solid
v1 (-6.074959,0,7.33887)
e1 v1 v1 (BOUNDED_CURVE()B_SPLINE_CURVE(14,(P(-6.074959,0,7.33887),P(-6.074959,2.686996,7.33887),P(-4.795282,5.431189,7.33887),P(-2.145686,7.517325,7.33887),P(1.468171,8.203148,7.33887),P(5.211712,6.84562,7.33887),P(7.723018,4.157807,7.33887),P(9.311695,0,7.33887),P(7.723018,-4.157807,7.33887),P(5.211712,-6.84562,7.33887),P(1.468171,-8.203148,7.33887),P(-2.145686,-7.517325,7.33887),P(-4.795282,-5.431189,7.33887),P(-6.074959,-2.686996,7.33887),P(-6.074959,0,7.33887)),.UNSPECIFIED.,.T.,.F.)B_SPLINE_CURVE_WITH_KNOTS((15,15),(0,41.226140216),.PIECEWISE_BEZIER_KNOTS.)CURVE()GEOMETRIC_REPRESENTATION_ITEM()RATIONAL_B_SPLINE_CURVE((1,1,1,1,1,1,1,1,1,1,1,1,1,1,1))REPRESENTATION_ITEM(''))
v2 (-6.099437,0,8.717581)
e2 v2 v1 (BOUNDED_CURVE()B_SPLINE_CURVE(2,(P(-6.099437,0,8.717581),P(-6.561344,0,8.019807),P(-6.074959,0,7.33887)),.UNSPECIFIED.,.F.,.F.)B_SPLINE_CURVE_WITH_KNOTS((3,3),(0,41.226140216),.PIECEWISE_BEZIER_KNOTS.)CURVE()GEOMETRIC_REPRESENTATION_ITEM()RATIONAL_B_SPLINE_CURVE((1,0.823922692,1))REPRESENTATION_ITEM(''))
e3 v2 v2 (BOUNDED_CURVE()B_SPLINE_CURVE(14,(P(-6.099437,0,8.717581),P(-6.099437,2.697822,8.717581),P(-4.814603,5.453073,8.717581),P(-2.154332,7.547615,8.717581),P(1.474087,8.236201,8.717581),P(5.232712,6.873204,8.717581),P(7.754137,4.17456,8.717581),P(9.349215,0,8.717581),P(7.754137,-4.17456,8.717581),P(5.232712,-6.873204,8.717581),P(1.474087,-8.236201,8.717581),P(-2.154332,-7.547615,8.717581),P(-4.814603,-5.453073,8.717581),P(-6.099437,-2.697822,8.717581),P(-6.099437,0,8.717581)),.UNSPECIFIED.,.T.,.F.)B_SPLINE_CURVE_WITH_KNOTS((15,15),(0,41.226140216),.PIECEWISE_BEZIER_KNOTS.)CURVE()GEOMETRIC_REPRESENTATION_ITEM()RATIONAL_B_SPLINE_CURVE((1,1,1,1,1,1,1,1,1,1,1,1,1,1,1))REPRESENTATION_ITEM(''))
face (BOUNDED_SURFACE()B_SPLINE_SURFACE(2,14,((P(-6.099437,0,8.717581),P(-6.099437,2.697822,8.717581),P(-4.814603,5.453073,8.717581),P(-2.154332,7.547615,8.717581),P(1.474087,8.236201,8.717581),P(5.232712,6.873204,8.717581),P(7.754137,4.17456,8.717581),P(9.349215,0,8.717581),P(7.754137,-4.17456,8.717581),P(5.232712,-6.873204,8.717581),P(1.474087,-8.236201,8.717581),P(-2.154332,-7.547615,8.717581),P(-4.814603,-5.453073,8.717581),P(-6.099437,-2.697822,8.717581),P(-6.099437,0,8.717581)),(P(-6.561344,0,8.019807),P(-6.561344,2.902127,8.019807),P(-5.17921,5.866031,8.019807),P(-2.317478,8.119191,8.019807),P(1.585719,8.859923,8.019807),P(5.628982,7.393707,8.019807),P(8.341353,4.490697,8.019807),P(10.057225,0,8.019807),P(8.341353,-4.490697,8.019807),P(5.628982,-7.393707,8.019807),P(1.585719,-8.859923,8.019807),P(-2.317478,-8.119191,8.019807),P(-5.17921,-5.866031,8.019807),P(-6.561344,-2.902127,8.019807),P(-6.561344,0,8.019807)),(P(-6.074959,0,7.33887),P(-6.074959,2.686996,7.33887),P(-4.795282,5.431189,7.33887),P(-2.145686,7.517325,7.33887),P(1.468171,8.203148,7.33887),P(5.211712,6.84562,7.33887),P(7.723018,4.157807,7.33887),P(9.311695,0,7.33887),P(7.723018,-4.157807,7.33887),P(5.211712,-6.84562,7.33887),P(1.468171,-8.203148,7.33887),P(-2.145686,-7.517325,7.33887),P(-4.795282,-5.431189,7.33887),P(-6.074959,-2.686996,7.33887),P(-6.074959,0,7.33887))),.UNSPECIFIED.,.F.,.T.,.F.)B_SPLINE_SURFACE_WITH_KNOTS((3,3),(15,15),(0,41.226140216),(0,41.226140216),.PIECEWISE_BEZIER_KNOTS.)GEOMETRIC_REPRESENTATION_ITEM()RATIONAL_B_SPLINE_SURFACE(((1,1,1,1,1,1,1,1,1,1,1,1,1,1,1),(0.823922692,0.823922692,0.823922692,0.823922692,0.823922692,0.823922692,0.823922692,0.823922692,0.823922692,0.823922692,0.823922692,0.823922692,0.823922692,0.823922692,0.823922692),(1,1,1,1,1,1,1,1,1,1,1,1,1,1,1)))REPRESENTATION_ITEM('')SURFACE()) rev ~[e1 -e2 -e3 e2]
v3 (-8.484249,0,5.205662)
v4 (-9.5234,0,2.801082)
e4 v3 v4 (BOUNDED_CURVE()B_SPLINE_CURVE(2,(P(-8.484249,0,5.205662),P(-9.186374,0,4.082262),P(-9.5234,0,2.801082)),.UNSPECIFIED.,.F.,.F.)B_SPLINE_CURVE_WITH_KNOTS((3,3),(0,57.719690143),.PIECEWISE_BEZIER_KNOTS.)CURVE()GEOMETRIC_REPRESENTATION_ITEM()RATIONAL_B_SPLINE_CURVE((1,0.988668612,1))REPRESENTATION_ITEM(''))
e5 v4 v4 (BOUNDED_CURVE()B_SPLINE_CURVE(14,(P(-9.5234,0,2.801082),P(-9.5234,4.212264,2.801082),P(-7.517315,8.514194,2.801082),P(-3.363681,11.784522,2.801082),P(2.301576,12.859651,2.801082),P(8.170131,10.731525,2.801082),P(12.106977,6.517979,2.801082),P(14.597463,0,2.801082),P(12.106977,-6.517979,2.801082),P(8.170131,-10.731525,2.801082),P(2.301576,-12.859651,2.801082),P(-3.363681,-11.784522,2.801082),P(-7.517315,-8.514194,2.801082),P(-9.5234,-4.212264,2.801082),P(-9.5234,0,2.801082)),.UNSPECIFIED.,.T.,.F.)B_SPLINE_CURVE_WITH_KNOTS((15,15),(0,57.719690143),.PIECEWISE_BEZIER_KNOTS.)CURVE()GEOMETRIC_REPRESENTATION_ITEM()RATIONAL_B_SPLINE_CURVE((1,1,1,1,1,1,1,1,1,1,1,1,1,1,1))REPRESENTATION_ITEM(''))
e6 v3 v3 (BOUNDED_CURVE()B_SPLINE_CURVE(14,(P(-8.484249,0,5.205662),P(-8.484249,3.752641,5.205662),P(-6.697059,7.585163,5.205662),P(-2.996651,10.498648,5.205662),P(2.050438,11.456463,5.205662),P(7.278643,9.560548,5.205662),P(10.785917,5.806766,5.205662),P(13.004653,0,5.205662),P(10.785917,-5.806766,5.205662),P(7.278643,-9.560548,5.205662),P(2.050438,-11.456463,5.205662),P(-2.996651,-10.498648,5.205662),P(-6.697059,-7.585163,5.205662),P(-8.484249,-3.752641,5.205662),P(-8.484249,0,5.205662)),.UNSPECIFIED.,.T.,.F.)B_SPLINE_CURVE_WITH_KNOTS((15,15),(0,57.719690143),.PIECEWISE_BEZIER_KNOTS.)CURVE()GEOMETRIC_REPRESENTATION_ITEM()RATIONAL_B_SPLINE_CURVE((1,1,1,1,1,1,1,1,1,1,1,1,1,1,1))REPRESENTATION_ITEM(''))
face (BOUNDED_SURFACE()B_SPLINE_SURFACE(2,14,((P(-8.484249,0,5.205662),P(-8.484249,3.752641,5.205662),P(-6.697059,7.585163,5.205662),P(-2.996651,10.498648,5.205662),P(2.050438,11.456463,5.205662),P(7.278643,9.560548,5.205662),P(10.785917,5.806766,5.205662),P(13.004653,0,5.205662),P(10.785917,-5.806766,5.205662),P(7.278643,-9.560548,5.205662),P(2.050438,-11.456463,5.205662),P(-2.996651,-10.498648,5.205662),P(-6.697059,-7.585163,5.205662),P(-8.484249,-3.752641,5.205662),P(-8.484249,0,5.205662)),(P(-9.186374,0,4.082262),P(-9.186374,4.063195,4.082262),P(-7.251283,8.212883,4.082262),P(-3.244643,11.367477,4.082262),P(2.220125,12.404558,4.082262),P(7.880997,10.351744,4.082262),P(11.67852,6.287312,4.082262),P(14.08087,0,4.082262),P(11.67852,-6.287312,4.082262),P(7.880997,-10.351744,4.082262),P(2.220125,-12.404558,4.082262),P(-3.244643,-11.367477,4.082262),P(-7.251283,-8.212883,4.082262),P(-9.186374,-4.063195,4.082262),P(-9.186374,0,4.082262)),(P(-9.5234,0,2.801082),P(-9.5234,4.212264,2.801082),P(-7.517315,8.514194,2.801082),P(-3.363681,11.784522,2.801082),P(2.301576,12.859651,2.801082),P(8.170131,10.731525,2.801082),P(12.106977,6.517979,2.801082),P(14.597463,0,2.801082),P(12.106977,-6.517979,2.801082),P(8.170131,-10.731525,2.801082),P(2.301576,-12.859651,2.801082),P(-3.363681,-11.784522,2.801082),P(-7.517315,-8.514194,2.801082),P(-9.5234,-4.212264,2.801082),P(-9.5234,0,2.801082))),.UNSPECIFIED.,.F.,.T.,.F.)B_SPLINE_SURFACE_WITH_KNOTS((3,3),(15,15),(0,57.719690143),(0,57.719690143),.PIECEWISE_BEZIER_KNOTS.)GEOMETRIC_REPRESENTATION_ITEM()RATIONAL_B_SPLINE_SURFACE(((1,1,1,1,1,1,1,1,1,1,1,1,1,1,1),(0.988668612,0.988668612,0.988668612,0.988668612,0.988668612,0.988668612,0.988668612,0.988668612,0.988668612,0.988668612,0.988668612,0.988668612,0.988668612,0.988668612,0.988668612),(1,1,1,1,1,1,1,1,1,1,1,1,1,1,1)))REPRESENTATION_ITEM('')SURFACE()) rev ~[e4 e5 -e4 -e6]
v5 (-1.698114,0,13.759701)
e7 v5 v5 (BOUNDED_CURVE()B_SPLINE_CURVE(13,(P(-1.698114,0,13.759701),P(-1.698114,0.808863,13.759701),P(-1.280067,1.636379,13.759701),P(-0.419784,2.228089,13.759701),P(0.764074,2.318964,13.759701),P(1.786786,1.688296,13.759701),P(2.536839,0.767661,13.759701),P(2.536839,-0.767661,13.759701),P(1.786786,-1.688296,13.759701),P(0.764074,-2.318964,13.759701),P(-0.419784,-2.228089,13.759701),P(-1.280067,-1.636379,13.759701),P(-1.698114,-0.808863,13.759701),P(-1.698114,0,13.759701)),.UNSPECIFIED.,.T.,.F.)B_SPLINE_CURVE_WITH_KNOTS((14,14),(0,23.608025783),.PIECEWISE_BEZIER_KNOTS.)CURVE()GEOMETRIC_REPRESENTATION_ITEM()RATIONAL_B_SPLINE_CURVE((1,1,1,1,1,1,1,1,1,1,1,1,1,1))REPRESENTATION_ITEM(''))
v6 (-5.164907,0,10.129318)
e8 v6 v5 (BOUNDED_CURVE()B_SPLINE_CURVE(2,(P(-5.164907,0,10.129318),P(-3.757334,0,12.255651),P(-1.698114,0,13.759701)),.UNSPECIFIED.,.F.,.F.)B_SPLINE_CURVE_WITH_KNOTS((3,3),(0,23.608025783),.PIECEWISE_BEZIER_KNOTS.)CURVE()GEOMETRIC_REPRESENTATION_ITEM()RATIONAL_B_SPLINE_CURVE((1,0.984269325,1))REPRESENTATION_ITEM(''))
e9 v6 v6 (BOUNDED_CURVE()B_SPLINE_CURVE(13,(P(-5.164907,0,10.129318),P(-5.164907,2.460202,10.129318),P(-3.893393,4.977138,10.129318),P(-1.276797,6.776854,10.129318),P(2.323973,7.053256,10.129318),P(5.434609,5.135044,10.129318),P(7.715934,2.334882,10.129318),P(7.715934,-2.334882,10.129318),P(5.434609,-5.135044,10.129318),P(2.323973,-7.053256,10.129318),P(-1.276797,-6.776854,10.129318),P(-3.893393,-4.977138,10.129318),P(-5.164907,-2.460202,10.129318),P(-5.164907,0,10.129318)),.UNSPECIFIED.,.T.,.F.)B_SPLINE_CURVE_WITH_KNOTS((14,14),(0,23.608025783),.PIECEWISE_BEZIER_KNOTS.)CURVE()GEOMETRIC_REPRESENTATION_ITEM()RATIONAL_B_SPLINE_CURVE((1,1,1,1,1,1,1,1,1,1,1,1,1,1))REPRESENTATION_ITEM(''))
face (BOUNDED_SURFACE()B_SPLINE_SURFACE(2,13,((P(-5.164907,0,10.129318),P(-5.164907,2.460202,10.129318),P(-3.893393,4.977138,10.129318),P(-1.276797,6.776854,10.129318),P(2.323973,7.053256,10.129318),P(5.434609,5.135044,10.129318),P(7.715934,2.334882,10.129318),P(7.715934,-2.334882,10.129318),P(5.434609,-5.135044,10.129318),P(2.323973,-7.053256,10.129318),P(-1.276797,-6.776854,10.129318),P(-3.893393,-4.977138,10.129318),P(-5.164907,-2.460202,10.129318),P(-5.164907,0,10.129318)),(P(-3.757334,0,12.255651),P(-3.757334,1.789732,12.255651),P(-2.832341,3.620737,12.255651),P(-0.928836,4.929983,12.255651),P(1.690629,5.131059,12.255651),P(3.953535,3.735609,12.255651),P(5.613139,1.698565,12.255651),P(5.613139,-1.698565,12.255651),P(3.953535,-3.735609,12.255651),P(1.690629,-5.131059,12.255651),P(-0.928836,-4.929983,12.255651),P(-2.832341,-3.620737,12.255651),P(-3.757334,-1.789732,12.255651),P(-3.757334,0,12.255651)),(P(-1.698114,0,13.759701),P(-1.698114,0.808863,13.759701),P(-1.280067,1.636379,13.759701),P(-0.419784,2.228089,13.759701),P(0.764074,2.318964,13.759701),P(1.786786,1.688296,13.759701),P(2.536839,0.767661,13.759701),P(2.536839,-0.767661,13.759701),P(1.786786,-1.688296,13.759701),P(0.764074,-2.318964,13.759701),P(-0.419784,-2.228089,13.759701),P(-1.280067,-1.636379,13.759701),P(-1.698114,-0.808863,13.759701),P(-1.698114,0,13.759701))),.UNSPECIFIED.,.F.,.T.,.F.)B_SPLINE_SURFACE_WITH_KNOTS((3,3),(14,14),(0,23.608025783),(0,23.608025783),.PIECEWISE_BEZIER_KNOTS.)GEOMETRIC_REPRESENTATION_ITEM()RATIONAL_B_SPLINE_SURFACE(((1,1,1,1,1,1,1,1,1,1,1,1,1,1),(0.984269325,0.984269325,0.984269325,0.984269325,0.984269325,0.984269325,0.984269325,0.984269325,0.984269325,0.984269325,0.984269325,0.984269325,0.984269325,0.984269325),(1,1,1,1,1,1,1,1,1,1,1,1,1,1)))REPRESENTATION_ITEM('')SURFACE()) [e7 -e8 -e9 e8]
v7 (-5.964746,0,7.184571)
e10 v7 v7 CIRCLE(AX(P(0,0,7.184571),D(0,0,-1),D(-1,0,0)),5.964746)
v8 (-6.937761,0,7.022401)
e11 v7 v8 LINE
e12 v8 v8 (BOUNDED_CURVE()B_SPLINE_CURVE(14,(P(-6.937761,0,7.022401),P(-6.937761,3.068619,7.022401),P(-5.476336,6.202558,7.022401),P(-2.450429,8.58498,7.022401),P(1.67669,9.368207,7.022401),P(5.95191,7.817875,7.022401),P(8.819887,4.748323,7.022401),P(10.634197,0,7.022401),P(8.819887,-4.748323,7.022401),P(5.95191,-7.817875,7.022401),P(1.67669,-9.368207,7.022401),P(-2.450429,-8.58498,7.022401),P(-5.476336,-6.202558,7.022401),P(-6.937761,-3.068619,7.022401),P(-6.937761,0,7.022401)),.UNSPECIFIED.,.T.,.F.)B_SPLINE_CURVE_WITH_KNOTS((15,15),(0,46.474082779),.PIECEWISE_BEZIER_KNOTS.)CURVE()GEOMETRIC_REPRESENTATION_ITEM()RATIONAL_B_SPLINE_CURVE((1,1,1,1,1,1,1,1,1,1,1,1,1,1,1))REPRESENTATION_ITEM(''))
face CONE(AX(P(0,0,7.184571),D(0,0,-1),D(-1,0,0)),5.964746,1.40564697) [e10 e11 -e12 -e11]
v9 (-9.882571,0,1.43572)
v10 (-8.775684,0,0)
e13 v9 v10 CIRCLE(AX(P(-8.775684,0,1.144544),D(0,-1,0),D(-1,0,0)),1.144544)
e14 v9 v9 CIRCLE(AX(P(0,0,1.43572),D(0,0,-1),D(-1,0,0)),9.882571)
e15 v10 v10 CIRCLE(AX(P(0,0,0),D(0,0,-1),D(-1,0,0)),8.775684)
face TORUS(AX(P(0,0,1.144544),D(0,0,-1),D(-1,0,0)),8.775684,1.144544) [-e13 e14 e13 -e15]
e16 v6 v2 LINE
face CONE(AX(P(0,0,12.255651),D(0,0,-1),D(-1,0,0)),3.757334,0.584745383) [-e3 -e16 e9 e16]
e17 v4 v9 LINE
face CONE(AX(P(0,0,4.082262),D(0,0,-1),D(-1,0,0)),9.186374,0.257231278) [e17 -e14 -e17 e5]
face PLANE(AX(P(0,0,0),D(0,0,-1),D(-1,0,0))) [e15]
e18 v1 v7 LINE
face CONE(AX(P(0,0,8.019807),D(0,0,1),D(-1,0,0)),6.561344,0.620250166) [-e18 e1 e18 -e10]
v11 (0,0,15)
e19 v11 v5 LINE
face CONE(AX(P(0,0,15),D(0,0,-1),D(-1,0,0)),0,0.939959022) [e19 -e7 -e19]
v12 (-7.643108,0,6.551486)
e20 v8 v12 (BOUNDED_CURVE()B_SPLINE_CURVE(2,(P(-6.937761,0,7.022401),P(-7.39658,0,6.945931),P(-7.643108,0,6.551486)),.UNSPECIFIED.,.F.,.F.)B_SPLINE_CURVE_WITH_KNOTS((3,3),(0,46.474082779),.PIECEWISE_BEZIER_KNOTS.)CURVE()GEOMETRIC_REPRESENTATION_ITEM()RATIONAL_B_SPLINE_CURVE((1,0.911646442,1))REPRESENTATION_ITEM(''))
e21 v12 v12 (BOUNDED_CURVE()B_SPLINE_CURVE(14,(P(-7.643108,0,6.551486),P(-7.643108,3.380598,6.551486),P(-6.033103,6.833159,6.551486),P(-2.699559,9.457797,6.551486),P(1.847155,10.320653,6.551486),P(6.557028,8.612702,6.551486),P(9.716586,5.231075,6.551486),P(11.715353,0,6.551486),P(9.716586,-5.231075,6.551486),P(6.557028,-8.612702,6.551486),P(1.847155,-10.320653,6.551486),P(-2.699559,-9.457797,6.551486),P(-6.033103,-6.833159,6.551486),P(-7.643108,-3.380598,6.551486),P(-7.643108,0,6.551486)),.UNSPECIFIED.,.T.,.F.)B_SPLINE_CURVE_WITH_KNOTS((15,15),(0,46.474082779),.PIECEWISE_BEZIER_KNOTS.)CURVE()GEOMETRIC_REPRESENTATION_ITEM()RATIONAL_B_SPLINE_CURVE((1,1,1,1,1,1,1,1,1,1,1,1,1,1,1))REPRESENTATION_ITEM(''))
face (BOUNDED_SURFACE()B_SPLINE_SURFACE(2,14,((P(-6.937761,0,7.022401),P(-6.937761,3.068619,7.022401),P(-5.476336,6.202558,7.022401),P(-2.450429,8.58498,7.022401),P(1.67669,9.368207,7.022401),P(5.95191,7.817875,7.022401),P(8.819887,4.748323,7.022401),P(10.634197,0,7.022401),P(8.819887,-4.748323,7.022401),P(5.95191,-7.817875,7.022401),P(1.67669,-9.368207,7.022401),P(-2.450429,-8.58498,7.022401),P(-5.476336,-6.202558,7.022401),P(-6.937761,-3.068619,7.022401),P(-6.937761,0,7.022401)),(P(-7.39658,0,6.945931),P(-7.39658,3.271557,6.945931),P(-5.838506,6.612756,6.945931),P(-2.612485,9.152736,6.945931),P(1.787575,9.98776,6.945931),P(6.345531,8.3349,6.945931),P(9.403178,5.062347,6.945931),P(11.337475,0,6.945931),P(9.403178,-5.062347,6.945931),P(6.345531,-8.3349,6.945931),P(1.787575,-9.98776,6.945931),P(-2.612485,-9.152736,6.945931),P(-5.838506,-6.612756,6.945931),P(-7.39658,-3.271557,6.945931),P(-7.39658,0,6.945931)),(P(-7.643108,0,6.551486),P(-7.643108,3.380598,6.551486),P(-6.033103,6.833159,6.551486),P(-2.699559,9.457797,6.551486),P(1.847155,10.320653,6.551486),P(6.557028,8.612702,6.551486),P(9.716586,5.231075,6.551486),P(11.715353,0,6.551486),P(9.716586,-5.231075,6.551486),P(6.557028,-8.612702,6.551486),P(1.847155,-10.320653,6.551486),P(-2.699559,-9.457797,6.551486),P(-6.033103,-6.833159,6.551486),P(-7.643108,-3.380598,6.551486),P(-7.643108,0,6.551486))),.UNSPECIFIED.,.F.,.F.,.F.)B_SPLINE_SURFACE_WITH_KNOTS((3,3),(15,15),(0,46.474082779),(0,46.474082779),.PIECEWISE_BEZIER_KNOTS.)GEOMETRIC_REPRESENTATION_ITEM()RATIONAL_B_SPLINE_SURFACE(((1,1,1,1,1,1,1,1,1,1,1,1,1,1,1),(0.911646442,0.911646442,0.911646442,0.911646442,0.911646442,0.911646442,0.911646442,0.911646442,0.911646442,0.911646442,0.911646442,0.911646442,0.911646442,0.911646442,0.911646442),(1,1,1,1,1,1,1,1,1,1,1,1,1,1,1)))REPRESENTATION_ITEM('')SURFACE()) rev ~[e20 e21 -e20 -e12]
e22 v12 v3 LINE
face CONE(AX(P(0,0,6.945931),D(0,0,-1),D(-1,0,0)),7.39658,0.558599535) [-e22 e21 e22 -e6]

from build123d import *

# Parameters (mm, degrees)
F2_R = 1.216625
F3_R = 1.031815
F4_R = 1.144544
F5_R = 14.206331
F6_R = 8.725041


with BuildPart() as f1:
    # F0 (on Front) → F1 (revolve)
    with BuildSketch(Plane.XZ):
        Polygon((-10.26025, 0), (0, 0), (0, 15), (-3.757334, 12.255651), (-6.561344, 8.019807), (-5.964746, 7.184571), (-7.39658, 6.945931), (-9.186374, 4.082262), align=None)
    revolve(axis=Axis((0, 0, 7.5), (0, 0, -1)))

    # F2
    f2_edges = [f1.edges().sort_by_distance(p)[0] for p in [
        (6.561344, 0, 8.019807),
    ]]
    fillet(f2_edges, radius=F2_R)

    # F3
    f3_edges = [f1.edges().sort_by_distance(p)[0] for p in [
        (7.39658, 0, 6.945931),
    ]]
    fillet(f3_edges, radius=F3_R)

    # F4
    f4_edges = [f1.edges().sort_by_distance(p)[0] for p in [
        (10.26025, 0, 0),
    ]]
    fillet(f4_edges, radius=F4_R)

    # F5
    f5_edges = [f1.edges().sort_by_distance(p)[0] for p in [
        (3.757334, 0, 12.255651),
    ]]
    fillet(f5_edges, radius=F5_R)

    # F6
    f6_edges = [f1.edges().sort_by_distance(p)[0] for p in [
        (9.186374, 0, 4.082262),
    ]]
    fillet(f6_edges, radius=F6_R)


solid = f1.part
